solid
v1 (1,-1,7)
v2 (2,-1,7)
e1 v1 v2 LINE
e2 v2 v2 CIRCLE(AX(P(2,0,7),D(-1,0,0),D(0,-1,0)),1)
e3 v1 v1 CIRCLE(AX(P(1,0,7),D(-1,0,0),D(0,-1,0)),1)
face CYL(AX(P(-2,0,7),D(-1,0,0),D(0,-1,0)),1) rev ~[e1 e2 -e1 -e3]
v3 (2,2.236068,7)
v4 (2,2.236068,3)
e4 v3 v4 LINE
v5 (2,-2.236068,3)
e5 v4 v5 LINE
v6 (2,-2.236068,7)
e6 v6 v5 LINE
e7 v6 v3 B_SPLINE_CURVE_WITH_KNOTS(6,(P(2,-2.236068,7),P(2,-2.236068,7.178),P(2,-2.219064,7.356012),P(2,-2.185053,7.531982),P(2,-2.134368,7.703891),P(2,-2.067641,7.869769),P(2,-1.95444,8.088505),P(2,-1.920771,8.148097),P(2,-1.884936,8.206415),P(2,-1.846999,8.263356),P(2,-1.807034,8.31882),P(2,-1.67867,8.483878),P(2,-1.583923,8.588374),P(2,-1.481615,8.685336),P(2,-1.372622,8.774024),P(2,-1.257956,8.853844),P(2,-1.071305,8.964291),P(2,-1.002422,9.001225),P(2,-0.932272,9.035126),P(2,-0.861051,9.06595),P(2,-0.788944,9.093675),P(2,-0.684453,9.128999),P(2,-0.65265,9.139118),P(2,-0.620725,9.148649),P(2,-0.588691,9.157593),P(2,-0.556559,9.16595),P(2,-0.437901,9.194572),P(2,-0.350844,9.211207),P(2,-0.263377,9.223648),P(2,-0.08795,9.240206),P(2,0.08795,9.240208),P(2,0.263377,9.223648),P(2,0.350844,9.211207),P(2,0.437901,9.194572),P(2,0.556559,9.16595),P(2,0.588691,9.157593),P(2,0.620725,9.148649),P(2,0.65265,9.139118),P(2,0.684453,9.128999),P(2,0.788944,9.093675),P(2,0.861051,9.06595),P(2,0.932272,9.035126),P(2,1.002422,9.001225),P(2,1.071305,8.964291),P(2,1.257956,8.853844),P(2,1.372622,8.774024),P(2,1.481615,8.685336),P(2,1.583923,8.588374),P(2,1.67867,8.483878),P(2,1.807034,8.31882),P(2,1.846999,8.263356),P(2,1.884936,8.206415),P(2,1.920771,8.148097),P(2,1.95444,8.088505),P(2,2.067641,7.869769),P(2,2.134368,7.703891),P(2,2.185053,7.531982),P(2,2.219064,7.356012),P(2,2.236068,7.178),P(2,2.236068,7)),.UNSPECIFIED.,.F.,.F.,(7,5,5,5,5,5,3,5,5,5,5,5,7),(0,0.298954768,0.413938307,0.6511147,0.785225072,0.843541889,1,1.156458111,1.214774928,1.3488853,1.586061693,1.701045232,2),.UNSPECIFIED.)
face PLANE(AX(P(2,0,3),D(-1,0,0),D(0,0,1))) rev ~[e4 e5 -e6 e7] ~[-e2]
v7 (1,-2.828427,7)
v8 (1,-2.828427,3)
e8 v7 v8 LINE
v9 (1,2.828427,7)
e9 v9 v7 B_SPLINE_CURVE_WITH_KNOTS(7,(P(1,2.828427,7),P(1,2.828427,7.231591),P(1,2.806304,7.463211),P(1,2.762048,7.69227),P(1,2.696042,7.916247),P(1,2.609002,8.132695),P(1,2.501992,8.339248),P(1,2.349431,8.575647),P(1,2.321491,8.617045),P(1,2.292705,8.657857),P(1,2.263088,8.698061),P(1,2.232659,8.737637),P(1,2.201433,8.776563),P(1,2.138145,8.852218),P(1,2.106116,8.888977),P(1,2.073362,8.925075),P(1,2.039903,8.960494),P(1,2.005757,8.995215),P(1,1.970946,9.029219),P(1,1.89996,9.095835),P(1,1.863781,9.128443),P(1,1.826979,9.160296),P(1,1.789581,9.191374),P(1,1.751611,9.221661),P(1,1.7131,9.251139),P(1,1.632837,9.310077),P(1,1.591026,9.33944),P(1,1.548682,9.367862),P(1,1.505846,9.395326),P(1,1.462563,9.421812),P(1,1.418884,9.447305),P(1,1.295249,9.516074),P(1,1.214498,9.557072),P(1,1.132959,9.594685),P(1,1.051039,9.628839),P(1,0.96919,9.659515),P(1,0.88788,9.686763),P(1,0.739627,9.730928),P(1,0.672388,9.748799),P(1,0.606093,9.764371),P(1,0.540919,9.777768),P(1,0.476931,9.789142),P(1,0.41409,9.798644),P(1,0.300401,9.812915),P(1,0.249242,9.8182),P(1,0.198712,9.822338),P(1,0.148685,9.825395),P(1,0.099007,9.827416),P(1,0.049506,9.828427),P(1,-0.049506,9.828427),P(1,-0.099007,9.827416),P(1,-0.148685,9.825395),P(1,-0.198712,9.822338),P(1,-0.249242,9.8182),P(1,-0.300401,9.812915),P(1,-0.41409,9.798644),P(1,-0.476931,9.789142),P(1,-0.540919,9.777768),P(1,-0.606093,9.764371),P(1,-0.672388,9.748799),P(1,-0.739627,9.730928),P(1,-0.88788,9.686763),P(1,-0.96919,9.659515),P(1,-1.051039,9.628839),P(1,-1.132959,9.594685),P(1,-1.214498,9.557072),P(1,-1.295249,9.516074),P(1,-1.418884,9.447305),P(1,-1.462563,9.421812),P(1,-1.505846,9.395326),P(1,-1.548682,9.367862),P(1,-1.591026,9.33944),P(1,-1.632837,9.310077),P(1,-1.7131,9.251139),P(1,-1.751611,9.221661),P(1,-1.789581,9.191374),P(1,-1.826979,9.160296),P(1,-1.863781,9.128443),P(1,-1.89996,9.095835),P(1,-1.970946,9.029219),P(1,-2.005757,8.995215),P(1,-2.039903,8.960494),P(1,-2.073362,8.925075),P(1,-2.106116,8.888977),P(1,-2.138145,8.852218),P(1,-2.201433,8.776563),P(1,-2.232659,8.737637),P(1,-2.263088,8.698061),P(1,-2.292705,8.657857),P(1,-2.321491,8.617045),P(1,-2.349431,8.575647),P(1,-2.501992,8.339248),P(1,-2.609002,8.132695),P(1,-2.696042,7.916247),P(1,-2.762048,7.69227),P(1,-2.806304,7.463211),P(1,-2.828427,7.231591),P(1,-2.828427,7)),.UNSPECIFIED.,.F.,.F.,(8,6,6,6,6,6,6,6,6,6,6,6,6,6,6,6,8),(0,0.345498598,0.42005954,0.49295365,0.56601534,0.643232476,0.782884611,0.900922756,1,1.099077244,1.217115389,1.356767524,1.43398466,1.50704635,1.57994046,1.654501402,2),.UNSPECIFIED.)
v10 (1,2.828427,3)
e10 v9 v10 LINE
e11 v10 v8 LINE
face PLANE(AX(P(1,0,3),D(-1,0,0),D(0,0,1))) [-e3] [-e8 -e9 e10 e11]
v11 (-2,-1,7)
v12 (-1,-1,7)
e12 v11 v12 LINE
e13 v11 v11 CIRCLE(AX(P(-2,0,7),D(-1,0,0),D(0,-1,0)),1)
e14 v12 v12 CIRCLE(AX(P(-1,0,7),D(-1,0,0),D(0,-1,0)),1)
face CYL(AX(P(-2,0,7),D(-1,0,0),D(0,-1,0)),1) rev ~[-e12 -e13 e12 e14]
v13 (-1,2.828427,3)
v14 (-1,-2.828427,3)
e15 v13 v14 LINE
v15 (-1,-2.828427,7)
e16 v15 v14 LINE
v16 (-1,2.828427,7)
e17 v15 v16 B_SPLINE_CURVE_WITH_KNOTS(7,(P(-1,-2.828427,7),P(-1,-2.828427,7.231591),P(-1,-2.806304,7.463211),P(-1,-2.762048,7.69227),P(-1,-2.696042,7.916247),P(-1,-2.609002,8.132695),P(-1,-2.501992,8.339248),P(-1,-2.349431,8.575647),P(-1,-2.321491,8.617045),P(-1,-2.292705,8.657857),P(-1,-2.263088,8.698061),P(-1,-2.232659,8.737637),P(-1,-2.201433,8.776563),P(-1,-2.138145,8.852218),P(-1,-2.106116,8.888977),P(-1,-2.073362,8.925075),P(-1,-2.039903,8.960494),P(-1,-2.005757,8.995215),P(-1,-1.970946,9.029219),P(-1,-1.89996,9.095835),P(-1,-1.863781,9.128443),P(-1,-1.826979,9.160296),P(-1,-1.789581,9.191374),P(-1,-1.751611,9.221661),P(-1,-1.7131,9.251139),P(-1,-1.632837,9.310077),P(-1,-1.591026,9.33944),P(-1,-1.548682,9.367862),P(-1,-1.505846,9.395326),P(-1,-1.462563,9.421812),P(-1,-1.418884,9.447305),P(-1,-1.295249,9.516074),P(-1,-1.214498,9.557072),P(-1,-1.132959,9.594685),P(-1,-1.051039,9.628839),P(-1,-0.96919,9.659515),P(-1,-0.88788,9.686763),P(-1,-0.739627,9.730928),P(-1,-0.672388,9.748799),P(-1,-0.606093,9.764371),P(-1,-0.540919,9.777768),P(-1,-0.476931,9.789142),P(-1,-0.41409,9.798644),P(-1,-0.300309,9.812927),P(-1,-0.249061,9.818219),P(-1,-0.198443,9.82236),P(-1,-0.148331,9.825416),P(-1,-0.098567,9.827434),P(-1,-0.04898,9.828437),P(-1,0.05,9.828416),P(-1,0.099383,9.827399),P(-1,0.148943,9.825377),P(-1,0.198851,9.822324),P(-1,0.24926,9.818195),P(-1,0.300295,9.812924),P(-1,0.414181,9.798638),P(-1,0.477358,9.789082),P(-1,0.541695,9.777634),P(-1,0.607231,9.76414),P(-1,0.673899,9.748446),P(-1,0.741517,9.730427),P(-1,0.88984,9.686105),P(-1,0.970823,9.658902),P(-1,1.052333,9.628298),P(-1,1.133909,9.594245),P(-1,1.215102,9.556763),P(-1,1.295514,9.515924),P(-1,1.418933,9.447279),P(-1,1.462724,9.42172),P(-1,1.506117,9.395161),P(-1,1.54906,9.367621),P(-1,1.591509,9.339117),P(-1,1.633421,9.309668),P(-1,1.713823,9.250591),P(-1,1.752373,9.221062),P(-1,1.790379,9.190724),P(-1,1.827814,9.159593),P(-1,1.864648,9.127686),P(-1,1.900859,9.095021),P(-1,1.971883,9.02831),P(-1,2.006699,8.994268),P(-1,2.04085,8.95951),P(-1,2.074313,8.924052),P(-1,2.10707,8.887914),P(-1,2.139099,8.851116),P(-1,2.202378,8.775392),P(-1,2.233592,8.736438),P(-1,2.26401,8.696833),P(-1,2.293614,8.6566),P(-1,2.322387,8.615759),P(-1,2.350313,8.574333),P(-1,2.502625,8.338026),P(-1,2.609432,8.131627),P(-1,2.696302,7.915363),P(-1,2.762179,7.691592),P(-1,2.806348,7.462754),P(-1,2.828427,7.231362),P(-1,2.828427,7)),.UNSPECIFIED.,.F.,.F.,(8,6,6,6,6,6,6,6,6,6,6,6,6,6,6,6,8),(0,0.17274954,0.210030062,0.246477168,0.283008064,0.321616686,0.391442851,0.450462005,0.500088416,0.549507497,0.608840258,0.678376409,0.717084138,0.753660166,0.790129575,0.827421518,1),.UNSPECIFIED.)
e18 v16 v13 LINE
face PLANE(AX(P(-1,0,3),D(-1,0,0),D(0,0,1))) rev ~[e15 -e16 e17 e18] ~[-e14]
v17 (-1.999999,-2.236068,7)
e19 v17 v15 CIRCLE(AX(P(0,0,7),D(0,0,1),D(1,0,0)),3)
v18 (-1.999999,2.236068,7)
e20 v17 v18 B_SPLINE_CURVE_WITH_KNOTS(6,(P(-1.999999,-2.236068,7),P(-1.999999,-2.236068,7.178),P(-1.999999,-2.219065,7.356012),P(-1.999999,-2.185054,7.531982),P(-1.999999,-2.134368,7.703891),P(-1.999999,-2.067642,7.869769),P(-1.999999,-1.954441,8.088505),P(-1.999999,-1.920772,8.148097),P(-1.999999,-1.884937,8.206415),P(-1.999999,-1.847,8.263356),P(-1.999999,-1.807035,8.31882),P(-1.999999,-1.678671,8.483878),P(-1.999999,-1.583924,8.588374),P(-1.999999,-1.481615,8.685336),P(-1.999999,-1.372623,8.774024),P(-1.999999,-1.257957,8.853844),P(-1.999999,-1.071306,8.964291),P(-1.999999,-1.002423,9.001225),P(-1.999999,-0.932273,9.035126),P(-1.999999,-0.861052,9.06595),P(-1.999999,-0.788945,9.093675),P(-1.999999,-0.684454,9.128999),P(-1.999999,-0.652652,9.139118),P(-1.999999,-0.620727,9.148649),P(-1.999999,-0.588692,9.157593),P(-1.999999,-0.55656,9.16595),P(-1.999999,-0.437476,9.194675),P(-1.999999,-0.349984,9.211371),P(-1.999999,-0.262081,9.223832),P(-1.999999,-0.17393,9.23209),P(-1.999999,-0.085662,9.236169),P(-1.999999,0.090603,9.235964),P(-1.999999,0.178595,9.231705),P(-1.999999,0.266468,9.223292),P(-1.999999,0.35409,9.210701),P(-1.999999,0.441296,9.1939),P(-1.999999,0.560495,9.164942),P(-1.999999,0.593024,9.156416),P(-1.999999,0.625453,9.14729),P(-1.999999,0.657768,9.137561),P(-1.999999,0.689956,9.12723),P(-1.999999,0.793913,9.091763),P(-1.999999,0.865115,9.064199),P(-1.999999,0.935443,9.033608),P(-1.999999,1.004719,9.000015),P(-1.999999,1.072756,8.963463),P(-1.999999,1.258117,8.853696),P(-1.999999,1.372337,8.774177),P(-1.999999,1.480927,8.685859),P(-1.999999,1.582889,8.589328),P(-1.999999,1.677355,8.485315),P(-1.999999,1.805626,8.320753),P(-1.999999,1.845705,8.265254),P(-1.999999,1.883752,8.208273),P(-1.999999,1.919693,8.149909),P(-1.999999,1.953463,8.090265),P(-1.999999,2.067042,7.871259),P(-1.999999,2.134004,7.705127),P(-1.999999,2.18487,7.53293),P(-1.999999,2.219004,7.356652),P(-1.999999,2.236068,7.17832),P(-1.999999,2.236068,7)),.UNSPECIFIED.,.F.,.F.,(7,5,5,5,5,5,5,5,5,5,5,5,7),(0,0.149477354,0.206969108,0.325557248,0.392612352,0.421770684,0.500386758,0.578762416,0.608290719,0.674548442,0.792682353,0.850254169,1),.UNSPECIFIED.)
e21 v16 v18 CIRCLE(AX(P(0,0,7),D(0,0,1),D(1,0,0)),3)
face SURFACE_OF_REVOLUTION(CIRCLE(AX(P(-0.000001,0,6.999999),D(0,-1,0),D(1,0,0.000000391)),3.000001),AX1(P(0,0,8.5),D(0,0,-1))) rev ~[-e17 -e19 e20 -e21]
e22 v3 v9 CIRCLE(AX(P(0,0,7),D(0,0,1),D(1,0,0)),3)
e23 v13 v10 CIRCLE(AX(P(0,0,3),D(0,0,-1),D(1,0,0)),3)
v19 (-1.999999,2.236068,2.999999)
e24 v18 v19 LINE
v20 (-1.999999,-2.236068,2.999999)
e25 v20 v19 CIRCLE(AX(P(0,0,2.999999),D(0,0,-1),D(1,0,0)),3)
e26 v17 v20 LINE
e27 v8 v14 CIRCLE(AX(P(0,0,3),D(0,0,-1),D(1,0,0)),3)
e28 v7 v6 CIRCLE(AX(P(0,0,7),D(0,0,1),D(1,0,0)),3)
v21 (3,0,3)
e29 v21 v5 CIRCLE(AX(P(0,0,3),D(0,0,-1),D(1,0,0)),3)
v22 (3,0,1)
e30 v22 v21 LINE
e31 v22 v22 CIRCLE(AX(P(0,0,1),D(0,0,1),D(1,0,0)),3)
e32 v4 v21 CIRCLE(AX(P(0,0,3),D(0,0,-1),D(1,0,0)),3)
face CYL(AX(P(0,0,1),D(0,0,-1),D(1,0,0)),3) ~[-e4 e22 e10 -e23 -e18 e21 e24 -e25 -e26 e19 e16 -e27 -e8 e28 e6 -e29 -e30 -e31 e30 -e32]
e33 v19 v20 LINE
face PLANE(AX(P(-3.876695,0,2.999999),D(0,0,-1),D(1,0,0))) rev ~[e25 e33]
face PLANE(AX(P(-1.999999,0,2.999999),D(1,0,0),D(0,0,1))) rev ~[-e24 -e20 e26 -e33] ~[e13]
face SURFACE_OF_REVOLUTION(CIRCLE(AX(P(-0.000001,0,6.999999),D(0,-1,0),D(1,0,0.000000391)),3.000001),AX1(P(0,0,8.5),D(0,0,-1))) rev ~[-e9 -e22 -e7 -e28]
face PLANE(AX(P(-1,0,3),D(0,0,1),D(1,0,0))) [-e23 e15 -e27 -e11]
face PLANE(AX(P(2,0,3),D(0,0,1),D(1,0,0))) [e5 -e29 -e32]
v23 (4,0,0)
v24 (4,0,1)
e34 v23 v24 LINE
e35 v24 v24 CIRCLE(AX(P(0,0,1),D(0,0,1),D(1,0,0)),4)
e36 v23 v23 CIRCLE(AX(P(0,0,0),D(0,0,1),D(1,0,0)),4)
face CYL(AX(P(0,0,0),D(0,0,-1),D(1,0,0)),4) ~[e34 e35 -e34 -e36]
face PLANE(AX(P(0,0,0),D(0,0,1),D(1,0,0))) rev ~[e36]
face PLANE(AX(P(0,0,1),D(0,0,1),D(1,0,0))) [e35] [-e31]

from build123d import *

# Parameters (mm, degrees)
F0_R     = 4
F1_DEPTH = 1
F2_R     = 3
F3_DEPTH = 6
F6_W     = 2
F6_H     = 12.68074
F6_W_2   = 1.971088
F6_H_2   = 12.97379
F6_W_3   = 1.876695
F6_H_3   = 11.885081
F7_DEPTH = 12.5
F8_R     = 1
F9_DEPTH = 6.001


with BuildPart() as f1:
    # F0 (on Top) → F1 (new body)
    with BuildSketch(Plane.XY):
        Circle(F0_R)
    extrude(amount=F1_DEPTH)

    # F2 (on face) → F3 (join)
    with BuildSketch(Plane.XY.offset(1)):
        Circle(F2_R)
    extrude(amount=F3_DEPTH)

    # F4 (on Front) → F5 (revolve)
    with BuildSketch(Plane.XZ):
        with BuildLine():
            Line((0, 7), (3, 7))
            ThreePointArc((3, 7), (2.12132, 9.12132), (0, 10))
            Line((0, 10), (0, 7))
        make_face()
    revolve(axis=Axis((0, 0, 8.5), (0, 0, -1)))

    # F6 (on Front) → F7 (cut, symmetric)
    with BuildSketch(Plane.XZ):
        with Locations((0, 9.34037)):
            Rectangle(F6_W, F6_H)
        with Locations((2.985544, 9.486895)):
            Rectangle(F6_W_2, F6_H_2)
        with Locations((-2.938347, 8.94254)):
            Rectangle(F6_W_3, F6_H_3)
    extrude(amount=F7_DEPTH, both=True, mode=Mode.SUBTRACT)

    # F8 (on face) → F9 (cut, through all)
    with BuildSketch(Plane(origin=(-2, 0, 0), x_dir=(0, -1, 0), z_dir=(-1, 0, 0))):
        with Locations((0, 7)):
            Circle(F8_R)
    extrude(amount=-F9_DEPTH, mode=Mode.SUBTRACT)


solid = f1.part
